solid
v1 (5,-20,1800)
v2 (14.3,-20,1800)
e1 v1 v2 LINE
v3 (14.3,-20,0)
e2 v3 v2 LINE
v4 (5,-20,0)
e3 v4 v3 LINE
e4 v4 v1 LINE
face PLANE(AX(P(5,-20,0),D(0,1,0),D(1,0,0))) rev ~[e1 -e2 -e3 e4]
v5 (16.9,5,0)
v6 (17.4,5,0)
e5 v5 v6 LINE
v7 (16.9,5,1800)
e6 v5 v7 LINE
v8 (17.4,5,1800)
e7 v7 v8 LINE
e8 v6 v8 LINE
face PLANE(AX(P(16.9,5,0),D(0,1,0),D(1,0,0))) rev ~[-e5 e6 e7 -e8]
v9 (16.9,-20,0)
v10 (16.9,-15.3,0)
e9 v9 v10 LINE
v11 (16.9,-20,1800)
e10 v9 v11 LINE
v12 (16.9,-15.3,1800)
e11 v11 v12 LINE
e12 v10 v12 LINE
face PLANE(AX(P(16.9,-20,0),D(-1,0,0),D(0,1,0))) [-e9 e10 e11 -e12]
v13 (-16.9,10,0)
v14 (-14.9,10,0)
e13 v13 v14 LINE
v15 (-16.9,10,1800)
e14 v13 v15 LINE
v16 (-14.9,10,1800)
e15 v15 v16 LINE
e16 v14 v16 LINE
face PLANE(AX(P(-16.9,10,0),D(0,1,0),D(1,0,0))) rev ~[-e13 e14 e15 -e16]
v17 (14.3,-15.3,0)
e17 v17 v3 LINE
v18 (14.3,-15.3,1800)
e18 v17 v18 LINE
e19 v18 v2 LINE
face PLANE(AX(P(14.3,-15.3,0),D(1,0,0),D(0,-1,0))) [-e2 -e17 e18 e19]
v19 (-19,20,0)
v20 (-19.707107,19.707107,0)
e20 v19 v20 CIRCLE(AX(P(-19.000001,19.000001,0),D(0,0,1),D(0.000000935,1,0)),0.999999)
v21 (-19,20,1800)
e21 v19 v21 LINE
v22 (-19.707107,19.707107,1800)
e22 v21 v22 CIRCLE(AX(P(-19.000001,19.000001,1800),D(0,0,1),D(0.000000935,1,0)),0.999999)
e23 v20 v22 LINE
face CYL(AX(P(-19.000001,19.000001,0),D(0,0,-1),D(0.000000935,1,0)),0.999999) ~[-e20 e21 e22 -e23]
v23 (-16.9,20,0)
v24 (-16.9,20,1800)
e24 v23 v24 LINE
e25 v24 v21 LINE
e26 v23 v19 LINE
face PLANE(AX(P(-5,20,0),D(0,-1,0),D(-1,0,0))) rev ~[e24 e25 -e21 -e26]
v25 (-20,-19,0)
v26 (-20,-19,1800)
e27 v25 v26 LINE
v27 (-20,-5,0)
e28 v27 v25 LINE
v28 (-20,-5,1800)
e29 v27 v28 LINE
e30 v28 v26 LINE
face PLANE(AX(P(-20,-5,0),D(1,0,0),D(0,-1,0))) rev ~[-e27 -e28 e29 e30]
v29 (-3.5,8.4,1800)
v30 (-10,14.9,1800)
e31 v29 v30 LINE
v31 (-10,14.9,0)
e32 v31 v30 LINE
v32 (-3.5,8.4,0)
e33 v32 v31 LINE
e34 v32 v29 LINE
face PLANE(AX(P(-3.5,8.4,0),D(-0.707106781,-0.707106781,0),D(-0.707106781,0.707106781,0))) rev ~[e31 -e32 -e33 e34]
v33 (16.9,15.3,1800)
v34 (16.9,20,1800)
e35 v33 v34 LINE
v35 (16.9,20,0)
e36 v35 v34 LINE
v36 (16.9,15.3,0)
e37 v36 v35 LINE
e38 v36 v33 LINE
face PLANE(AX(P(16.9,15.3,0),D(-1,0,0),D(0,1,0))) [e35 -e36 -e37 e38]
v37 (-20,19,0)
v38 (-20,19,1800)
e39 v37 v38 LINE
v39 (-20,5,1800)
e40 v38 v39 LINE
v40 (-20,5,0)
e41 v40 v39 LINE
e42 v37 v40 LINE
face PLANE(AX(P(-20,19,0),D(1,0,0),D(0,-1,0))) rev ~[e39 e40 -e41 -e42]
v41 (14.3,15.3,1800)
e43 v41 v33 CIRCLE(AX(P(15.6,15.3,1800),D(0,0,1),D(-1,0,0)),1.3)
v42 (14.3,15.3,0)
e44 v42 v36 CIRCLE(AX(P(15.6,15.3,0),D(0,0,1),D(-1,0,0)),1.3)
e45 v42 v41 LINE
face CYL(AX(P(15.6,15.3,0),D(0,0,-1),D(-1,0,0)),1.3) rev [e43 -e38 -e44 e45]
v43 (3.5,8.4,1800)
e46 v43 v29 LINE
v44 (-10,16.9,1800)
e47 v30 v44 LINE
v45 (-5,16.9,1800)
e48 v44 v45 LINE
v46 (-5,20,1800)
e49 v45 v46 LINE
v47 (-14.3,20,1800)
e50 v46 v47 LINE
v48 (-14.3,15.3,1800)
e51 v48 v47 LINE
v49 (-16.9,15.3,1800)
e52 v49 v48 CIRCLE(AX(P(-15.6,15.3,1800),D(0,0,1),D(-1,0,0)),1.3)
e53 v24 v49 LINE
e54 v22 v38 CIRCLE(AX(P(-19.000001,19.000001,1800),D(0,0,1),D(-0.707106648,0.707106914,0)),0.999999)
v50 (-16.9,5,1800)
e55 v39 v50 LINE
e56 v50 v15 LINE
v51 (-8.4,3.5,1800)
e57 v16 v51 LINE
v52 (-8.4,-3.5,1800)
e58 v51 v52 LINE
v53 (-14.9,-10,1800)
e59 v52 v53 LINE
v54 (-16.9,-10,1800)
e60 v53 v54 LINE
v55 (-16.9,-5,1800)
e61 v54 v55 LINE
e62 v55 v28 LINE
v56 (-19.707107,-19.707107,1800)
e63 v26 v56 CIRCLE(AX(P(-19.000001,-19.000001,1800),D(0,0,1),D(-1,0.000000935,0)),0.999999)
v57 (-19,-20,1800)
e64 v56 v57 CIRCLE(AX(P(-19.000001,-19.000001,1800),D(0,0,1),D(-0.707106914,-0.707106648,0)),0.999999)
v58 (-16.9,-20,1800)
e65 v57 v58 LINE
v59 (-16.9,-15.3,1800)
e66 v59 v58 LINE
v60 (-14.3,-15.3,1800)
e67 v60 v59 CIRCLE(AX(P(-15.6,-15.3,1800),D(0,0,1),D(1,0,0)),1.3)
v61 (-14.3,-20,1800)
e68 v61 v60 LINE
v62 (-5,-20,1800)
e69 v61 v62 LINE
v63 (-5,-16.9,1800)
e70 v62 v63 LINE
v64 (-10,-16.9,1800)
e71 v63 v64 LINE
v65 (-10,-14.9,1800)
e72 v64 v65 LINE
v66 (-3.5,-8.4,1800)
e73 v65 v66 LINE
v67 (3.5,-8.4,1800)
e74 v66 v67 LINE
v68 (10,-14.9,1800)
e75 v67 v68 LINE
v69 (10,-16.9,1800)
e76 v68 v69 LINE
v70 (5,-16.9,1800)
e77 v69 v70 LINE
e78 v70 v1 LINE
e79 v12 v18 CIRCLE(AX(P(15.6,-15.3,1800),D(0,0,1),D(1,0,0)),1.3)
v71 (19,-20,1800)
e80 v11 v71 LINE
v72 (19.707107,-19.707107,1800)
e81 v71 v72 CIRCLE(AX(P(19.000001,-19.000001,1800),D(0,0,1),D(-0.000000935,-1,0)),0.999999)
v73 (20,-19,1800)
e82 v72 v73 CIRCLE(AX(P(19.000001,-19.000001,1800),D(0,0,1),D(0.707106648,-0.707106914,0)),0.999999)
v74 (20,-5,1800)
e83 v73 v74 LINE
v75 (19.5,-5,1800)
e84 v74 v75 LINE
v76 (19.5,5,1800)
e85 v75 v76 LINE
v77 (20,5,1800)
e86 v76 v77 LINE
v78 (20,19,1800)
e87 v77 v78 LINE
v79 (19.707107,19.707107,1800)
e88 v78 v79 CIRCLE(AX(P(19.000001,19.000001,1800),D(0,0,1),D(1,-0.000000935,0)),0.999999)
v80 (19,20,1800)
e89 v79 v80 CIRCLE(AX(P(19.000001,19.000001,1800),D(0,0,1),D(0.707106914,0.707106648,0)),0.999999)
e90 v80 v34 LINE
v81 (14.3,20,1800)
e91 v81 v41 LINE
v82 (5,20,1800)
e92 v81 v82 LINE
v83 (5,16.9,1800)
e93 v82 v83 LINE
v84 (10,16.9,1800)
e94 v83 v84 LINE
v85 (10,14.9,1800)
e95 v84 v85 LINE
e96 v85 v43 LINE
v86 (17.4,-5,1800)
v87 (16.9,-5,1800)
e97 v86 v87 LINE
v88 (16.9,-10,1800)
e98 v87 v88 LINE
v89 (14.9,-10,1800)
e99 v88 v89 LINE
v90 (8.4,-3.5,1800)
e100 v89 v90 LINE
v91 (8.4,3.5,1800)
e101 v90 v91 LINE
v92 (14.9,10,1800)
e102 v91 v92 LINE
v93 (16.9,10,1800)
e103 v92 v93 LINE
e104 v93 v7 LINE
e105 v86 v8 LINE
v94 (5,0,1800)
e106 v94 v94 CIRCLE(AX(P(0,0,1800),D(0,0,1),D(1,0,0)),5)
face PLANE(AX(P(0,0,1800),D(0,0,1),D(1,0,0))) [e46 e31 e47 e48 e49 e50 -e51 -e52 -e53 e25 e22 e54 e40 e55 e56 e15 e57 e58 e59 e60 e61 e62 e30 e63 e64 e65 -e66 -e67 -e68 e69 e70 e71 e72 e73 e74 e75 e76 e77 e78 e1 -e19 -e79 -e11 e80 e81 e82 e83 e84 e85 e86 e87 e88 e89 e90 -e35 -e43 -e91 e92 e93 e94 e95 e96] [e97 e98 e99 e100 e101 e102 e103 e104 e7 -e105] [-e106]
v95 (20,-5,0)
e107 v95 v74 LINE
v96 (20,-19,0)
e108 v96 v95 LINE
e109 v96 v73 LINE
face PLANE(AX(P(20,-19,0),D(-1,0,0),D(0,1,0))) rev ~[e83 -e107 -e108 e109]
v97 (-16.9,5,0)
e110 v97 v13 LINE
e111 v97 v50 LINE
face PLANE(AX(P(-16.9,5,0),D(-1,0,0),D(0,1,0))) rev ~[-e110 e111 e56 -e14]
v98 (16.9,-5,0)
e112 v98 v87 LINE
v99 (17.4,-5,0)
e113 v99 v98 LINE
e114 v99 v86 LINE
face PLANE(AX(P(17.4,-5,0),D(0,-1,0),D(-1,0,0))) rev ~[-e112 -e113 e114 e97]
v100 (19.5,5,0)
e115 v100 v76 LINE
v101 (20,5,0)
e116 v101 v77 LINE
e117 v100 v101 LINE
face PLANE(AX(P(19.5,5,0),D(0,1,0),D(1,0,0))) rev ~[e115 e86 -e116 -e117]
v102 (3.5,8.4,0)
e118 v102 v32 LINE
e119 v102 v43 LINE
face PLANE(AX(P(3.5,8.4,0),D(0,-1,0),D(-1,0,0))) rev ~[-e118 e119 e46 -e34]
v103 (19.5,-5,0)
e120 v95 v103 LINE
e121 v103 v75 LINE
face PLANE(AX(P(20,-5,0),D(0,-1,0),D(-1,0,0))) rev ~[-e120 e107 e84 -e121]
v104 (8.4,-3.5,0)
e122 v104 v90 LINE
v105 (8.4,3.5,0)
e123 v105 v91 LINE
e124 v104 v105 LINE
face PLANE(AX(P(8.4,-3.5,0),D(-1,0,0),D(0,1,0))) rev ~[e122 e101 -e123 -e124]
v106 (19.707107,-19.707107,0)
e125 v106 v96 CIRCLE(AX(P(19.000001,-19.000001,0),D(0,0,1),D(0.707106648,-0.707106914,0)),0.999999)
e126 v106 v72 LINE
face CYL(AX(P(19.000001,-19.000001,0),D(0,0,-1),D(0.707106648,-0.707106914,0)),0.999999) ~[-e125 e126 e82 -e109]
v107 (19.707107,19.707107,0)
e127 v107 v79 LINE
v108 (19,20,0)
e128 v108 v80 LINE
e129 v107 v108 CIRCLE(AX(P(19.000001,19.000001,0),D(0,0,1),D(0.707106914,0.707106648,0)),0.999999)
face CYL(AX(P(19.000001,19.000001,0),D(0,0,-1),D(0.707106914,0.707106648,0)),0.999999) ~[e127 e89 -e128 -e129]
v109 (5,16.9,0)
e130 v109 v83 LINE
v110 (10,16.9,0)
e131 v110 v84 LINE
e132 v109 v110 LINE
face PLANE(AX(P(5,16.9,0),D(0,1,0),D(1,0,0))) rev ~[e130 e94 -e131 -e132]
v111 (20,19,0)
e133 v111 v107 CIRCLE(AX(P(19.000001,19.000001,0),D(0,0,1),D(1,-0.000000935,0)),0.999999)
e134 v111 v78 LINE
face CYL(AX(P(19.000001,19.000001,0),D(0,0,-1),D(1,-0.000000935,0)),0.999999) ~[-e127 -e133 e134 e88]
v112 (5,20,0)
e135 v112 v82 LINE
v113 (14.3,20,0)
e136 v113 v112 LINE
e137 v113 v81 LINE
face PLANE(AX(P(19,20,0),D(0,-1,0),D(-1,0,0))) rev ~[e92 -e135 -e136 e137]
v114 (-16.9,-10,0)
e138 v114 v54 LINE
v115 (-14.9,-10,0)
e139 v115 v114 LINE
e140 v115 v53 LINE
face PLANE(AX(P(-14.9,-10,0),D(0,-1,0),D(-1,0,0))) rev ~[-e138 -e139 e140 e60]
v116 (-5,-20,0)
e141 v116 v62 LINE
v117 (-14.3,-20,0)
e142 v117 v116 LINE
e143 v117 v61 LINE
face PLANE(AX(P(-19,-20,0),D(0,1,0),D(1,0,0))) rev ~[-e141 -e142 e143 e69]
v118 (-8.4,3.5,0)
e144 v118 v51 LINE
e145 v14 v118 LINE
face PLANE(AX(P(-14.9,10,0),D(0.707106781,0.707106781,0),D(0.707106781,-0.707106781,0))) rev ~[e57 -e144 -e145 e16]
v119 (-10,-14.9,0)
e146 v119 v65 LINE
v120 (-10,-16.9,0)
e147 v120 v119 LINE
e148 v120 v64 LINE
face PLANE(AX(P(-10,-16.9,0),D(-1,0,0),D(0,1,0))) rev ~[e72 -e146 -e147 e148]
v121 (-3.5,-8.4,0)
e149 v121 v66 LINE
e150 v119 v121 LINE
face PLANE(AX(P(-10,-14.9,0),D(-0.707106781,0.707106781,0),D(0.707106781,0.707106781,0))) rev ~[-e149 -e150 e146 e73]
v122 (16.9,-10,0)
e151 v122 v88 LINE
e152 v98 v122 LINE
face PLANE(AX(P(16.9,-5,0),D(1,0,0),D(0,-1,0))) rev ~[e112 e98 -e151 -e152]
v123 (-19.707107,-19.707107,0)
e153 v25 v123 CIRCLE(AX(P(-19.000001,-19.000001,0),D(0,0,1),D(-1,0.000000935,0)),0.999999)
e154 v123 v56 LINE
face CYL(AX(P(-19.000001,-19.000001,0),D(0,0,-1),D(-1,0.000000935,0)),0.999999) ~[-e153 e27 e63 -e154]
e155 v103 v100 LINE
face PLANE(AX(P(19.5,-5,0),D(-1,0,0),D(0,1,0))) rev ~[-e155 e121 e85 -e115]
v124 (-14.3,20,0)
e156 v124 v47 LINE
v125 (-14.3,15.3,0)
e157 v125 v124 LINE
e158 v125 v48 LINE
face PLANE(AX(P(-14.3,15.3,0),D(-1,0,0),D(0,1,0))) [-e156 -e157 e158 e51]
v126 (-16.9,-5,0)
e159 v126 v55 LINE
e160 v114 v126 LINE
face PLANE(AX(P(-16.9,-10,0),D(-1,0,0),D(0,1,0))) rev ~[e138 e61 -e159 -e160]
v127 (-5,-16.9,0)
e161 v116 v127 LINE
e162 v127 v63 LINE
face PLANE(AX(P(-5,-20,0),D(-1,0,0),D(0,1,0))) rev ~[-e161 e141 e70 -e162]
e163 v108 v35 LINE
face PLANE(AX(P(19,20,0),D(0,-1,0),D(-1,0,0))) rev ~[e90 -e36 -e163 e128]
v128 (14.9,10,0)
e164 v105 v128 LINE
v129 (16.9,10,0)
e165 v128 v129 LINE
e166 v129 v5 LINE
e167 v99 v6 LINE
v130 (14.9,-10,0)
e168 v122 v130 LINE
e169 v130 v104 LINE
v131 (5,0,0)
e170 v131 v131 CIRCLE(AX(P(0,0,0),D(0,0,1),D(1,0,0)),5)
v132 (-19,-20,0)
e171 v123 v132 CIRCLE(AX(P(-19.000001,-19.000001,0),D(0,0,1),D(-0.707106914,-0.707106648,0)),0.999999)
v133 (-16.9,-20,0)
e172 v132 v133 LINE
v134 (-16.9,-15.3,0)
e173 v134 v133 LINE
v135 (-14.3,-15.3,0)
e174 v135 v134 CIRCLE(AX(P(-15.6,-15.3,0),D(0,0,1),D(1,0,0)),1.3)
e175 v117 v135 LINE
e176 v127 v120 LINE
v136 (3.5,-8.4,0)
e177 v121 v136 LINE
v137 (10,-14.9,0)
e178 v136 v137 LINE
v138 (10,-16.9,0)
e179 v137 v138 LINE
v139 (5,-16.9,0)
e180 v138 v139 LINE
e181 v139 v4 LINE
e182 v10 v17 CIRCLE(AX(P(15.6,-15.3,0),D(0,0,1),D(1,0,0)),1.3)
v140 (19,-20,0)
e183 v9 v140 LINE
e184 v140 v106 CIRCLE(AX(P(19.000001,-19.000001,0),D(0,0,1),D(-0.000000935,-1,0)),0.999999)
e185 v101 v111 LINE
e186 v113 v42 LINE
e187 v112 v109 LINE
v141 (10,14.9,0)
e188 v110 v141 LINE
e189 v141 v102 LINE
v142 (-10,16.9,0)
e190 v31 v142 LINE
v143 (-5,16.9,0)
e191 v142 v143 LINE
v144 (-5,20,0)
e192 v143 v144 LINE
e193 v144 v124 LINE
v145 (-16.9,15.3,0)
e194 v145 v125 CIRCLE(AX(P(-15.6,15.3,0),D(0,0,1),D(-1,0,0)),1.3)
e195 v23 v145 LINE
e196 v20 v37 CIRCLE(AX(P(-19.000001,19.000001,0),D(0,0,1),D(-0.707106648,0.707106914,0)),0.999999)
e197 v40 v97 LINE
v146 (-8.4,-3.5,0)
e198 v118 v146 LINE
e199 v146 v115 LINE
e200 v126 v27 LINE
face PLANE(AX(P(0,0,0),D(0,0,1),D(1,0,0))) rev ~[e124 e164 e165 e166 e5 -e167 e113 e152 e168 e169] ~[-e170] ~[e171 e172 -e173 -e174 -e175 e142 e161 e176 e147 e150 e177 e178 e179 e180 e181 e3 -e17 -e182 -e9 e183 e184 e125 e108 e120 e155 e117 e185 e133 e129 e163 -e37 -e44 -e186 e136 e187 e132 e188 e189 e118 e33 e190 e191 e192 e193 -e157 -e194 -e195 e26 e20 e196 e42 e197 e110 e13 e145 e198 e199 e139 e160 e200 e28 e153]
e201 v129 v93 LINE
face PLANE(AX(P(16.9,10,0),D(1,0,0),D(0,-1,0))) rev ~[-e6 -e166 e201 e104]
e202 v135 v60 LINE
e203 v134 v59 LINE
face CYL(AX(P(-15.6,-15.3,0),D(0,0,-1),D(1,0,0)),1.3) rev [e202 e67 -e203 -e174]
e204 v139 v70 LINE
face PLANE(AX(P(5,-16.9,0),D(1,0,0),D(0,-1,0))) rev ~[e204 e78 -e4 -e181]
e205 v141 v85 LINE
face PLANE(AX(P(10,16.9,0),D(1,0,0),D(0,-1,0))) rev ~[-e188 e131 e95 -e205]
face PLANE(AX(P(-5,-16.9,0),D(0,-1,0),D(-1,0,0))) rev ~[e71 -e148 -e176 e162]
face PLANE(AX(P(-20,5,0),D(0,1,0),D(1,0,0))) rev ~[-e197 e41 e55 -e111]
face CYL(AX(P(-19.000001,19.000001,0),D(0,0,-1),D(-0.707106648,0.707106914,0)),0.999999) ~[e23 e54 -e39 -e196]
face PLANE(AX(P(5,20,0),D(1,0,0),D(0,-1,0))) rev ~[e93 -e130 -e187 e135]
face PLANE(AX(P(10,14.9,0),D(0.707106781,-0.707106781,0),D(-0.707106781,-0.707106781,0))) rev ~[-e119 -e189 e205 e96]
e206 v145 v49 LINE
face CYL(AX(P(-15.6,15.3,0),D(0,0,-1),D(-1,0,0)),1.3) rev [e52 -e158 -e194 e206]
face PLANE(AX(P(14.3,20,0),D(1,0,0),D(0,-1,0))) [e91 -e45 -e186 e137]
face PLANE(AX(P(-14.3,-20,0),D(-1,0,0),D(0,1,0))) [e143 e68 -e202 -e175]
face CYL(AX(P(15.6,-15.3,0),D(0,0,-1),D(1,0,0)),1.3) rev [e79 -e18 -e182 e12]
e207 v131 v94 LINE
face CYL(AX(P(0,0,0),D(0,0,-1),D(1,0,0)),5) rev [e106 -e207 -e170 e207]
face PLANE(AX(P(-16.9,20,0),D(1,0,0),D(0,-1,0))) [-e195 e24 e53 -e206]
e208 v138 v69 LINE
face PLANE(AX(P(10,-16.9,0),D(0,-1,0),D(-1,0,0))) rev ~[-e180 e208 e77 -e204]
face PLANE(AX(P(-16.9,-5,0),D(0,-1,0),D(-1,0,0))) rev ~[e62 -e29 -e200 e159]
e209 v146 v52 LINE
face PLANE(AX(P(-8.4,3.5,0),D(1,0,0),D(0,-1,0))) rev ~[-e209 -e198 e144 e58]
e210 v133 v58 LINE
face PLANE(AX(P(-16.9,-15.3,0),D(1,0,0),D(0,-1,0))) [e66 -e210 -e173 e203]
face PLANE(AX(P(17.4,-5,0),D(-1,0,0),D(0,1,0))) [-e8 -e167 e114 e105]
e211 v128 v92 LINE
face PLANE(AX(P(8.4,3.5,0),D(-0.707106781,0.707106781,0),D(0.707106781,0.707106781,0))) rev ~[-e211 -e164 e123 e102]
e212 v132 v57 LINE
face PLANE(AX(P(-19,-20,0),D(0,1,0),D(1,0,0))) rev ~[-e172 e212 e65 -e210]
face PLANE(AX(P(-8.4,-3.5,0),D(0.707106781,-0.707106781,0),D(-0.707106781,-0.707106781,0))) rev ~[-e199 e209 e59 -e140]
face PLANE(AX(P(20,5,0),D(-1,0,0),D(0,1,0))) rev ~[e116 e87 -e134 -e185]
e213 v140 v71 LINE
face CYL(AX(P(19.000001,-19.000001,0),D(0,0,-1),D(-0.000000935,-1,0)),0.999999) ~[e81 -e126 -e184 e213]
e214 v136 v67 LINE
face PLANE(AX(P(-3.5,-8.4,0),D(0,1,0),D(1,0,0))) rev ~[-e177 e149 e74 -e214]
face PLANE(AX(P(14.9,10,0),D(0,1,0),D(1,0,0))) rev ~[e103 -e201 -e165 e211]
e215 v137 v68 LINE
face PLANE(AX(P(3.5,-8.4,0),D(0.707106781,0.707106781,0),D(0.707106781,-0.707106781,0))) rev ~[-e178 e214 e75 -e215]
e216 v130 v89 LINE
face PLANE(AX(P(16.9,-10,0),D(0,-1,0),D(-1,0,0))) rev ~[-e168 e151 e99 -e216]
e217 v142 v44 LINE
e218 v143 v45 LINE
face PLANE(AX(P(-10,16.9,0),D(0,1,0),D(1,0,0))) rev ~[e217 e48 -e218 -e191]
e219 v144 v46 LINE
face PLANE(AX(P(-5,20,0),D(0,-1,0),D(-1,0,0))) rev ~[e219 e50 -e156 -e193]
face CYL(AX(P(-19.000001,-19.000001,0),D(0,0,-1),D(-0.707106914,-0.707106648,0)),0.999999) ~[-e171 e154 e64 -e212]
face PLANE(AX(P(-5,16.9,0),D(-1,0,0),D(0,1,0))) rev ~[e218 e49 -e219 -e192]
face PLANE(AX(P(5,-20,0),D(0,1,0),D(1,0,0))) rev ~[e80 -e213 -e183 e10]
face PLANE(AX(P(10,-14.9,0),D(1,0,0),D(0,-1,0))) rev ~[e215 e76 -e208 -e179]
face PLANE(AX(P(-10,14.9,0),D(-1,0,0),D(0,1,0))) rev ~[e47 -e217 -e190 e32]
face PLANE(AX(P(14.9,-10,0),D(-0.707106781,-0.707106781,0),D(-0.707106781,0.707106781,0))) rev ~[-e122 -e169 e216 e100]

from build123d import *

# Parameters (mm, degrees)
F0_W     = 2.1
F0_H     = 10
F1_DEPTH = 1800
F2_R     = 5
F3_DEPTH = 1800


with BuildPart() as f1:
    # F0 (on Top) → F1 (new body)
    with BuildSketch(Plane.XY):
        with BuildLine():
            Line((8.4, -3.5), (8.4, 0))
            Line((8.4, 0), (8.4, 3.5))
            Line((8.4, 3.5), (14.9, 10))
            Line((14.9, 10), (16.9, 10))
            Line((16.9, 10), (16.9, 5))
            Line((16.9, 5), (17.4, 5))
            Line((17.4, 5), (19.5, 5))
            Line((19.5, 5), (20, 5))
            Line((20, 5), (20, 19))
            ThreePointArc((20, 19), (19.92388, 19.382683), (19.707107, 19.707107))
            ThreePointArc((19.707107, 19.707107), (19.382683, 19.92388), (19, 20))
            Line((19, 20), (5, 20))
            Line((5, 20), (5, 16.9))
            Line((5, 16.9), (10, 16.9))
            Line((10, 16.9), (10, 14.9))
            Line((10, 14.9), (3.5, 8.4))
            Line((3.5, 8.4), (0, 8.4))
            Line((0, 8.4), (-3.5, 8.4))
            Line((-3.5, 8.4), (-10, 14.9))
            Line((-10, 14.9), (-10, 16.9))
            Line((-10, 16.9), (-5, 16.9))
            Line((-5, 16.9), (-5, 20))
            Line((-5, 20), (-19, 20))
            ThreePointArc((-19, 20), (-19.382683, 19.92388), (-19.707107, 19.707107))
            ThreePointArc((-19.707107, 19.707107), (-19.92388, 19.382683), (-20, 19))
            Line((-20, 19), (-20, 5))
            Line((-20, 5), (-16.9, 5))
            Line((-16.9, 5), (-16.9, 10))
            Line((-16.9, 10), (-14.9, 10))
            Line((-14.9, 10), (-8.4, 3.5))
            Line((-8.4, 3.5), (-8.4, 0))
            Line((-8.4, 0), (-8.4, -3.5))
            Line((-8.4, -3.5), (-14.9, -10))
            Line((-14.9, -10), (-16.9, -10))
            Line((-16.9, -10), (-16.9, -5))
            Line((-16.9, -5), (-20, -5))
            Line((-20, -5), (-20, -19))
            ThreePointArc((-20, -19), (-19.92388, -19.382683), (-19.707107, -19.707107))
            ThreePointArc((-19.707107, -19.707107), (-19.382683, -19.92388), (-19, -20))
            Line((-19, -20), (-5, -20))
            Line((-5, -20), (-5, -16.9))
            Line((-5, -16.9), (-10, -16.9))
            Line((-10, -16.9), (-10, -14.9))
            Line((-10, -14.9), (-3.5, -8.4))
            Line((-3.5, -8.4), (0, -8.4))
            Line((0, -8.4), (3.5, -8.4))
            Line((3.5, -8.4), (10, -14.9))
            Line((10, -14.9), (10, -16.9))
            Line((10, -16.9), (5, -16.9))
            Line((5, -16.9), (5, -20))
            Line((5, -20), (19, -20))
            ThreePointArc((19, -20), (19.382683, -19.92388), (19.707107, -19.707107))
            ThreePointArc((19.707107, -19.707107), (19.92388, -19.382683), (20, -19))
            Line((20, -19), (20, -5))
            Line((20, -5), (19.5, -5))
            Line((19.5, -5), (17.4, -5))
            Line((17.4, -5), (16.9, -5))
            Line((16.9, -5), (16.9, -10))
            Line((16.9, -10), (14.9, -10))
            Line((14.9, -10), (8.4, -3.5))
        make_face()
        with Locations((18.45, 0)):
            Rectangle(F0_W, F0_H)
    extrude(amount=F1_DEPTH)

    # F2 (on Top) → F3 (cut, through all)
    with BuildSketch(Plane.XY):
        with BuildLine():
            Line((16.9, 20), (14.3, 20))
            Line((14.3, 20), (14.3, 15.3))
            ThreePointArc((14.3, 15.3), (15.6, 14), (16.9, 15.3))
            Line((16.9, 15.3), (16.9, 20))
        make_face()
        with BuildLine():
            ThreePointArc((-16.9, 15.3), (-15.6, 14), (-14.3, 15.3))
            Line((-14.3, 15.3), (-14.3, 20))
            Line((-14.3, 20), (-16.9, 20))
            Line((-16.9, 20), (-16.9, 15.3))
        make_face()
        with BuildLine():
            Line((16.9, -20), (16.9, -15.3))
            ThreePointArc((16.9, -15.3), (15.6, -14), (14.3, -15.3))
            Line((14.3, -15.3), (14.3, -20))
            Line((14.3, -20), (16.9, -20))
        make_face()
        with BuildLine():
            Line((-16.9, -20), (-14.3, -20))
            Line((-14.3, -20), (-14.3, -15.3))
            ThreePointArc((-14.3, -15.3), (-15.6, -14), (-16.9, -15.3))
            Line((-16.9, -15.3), (-16.9, -20))
        make_face()
        Circle(F2_R)
    extrude(amount=F3_DEPTH, mode=Mode.SUBTRACT)


solid = f1.part
